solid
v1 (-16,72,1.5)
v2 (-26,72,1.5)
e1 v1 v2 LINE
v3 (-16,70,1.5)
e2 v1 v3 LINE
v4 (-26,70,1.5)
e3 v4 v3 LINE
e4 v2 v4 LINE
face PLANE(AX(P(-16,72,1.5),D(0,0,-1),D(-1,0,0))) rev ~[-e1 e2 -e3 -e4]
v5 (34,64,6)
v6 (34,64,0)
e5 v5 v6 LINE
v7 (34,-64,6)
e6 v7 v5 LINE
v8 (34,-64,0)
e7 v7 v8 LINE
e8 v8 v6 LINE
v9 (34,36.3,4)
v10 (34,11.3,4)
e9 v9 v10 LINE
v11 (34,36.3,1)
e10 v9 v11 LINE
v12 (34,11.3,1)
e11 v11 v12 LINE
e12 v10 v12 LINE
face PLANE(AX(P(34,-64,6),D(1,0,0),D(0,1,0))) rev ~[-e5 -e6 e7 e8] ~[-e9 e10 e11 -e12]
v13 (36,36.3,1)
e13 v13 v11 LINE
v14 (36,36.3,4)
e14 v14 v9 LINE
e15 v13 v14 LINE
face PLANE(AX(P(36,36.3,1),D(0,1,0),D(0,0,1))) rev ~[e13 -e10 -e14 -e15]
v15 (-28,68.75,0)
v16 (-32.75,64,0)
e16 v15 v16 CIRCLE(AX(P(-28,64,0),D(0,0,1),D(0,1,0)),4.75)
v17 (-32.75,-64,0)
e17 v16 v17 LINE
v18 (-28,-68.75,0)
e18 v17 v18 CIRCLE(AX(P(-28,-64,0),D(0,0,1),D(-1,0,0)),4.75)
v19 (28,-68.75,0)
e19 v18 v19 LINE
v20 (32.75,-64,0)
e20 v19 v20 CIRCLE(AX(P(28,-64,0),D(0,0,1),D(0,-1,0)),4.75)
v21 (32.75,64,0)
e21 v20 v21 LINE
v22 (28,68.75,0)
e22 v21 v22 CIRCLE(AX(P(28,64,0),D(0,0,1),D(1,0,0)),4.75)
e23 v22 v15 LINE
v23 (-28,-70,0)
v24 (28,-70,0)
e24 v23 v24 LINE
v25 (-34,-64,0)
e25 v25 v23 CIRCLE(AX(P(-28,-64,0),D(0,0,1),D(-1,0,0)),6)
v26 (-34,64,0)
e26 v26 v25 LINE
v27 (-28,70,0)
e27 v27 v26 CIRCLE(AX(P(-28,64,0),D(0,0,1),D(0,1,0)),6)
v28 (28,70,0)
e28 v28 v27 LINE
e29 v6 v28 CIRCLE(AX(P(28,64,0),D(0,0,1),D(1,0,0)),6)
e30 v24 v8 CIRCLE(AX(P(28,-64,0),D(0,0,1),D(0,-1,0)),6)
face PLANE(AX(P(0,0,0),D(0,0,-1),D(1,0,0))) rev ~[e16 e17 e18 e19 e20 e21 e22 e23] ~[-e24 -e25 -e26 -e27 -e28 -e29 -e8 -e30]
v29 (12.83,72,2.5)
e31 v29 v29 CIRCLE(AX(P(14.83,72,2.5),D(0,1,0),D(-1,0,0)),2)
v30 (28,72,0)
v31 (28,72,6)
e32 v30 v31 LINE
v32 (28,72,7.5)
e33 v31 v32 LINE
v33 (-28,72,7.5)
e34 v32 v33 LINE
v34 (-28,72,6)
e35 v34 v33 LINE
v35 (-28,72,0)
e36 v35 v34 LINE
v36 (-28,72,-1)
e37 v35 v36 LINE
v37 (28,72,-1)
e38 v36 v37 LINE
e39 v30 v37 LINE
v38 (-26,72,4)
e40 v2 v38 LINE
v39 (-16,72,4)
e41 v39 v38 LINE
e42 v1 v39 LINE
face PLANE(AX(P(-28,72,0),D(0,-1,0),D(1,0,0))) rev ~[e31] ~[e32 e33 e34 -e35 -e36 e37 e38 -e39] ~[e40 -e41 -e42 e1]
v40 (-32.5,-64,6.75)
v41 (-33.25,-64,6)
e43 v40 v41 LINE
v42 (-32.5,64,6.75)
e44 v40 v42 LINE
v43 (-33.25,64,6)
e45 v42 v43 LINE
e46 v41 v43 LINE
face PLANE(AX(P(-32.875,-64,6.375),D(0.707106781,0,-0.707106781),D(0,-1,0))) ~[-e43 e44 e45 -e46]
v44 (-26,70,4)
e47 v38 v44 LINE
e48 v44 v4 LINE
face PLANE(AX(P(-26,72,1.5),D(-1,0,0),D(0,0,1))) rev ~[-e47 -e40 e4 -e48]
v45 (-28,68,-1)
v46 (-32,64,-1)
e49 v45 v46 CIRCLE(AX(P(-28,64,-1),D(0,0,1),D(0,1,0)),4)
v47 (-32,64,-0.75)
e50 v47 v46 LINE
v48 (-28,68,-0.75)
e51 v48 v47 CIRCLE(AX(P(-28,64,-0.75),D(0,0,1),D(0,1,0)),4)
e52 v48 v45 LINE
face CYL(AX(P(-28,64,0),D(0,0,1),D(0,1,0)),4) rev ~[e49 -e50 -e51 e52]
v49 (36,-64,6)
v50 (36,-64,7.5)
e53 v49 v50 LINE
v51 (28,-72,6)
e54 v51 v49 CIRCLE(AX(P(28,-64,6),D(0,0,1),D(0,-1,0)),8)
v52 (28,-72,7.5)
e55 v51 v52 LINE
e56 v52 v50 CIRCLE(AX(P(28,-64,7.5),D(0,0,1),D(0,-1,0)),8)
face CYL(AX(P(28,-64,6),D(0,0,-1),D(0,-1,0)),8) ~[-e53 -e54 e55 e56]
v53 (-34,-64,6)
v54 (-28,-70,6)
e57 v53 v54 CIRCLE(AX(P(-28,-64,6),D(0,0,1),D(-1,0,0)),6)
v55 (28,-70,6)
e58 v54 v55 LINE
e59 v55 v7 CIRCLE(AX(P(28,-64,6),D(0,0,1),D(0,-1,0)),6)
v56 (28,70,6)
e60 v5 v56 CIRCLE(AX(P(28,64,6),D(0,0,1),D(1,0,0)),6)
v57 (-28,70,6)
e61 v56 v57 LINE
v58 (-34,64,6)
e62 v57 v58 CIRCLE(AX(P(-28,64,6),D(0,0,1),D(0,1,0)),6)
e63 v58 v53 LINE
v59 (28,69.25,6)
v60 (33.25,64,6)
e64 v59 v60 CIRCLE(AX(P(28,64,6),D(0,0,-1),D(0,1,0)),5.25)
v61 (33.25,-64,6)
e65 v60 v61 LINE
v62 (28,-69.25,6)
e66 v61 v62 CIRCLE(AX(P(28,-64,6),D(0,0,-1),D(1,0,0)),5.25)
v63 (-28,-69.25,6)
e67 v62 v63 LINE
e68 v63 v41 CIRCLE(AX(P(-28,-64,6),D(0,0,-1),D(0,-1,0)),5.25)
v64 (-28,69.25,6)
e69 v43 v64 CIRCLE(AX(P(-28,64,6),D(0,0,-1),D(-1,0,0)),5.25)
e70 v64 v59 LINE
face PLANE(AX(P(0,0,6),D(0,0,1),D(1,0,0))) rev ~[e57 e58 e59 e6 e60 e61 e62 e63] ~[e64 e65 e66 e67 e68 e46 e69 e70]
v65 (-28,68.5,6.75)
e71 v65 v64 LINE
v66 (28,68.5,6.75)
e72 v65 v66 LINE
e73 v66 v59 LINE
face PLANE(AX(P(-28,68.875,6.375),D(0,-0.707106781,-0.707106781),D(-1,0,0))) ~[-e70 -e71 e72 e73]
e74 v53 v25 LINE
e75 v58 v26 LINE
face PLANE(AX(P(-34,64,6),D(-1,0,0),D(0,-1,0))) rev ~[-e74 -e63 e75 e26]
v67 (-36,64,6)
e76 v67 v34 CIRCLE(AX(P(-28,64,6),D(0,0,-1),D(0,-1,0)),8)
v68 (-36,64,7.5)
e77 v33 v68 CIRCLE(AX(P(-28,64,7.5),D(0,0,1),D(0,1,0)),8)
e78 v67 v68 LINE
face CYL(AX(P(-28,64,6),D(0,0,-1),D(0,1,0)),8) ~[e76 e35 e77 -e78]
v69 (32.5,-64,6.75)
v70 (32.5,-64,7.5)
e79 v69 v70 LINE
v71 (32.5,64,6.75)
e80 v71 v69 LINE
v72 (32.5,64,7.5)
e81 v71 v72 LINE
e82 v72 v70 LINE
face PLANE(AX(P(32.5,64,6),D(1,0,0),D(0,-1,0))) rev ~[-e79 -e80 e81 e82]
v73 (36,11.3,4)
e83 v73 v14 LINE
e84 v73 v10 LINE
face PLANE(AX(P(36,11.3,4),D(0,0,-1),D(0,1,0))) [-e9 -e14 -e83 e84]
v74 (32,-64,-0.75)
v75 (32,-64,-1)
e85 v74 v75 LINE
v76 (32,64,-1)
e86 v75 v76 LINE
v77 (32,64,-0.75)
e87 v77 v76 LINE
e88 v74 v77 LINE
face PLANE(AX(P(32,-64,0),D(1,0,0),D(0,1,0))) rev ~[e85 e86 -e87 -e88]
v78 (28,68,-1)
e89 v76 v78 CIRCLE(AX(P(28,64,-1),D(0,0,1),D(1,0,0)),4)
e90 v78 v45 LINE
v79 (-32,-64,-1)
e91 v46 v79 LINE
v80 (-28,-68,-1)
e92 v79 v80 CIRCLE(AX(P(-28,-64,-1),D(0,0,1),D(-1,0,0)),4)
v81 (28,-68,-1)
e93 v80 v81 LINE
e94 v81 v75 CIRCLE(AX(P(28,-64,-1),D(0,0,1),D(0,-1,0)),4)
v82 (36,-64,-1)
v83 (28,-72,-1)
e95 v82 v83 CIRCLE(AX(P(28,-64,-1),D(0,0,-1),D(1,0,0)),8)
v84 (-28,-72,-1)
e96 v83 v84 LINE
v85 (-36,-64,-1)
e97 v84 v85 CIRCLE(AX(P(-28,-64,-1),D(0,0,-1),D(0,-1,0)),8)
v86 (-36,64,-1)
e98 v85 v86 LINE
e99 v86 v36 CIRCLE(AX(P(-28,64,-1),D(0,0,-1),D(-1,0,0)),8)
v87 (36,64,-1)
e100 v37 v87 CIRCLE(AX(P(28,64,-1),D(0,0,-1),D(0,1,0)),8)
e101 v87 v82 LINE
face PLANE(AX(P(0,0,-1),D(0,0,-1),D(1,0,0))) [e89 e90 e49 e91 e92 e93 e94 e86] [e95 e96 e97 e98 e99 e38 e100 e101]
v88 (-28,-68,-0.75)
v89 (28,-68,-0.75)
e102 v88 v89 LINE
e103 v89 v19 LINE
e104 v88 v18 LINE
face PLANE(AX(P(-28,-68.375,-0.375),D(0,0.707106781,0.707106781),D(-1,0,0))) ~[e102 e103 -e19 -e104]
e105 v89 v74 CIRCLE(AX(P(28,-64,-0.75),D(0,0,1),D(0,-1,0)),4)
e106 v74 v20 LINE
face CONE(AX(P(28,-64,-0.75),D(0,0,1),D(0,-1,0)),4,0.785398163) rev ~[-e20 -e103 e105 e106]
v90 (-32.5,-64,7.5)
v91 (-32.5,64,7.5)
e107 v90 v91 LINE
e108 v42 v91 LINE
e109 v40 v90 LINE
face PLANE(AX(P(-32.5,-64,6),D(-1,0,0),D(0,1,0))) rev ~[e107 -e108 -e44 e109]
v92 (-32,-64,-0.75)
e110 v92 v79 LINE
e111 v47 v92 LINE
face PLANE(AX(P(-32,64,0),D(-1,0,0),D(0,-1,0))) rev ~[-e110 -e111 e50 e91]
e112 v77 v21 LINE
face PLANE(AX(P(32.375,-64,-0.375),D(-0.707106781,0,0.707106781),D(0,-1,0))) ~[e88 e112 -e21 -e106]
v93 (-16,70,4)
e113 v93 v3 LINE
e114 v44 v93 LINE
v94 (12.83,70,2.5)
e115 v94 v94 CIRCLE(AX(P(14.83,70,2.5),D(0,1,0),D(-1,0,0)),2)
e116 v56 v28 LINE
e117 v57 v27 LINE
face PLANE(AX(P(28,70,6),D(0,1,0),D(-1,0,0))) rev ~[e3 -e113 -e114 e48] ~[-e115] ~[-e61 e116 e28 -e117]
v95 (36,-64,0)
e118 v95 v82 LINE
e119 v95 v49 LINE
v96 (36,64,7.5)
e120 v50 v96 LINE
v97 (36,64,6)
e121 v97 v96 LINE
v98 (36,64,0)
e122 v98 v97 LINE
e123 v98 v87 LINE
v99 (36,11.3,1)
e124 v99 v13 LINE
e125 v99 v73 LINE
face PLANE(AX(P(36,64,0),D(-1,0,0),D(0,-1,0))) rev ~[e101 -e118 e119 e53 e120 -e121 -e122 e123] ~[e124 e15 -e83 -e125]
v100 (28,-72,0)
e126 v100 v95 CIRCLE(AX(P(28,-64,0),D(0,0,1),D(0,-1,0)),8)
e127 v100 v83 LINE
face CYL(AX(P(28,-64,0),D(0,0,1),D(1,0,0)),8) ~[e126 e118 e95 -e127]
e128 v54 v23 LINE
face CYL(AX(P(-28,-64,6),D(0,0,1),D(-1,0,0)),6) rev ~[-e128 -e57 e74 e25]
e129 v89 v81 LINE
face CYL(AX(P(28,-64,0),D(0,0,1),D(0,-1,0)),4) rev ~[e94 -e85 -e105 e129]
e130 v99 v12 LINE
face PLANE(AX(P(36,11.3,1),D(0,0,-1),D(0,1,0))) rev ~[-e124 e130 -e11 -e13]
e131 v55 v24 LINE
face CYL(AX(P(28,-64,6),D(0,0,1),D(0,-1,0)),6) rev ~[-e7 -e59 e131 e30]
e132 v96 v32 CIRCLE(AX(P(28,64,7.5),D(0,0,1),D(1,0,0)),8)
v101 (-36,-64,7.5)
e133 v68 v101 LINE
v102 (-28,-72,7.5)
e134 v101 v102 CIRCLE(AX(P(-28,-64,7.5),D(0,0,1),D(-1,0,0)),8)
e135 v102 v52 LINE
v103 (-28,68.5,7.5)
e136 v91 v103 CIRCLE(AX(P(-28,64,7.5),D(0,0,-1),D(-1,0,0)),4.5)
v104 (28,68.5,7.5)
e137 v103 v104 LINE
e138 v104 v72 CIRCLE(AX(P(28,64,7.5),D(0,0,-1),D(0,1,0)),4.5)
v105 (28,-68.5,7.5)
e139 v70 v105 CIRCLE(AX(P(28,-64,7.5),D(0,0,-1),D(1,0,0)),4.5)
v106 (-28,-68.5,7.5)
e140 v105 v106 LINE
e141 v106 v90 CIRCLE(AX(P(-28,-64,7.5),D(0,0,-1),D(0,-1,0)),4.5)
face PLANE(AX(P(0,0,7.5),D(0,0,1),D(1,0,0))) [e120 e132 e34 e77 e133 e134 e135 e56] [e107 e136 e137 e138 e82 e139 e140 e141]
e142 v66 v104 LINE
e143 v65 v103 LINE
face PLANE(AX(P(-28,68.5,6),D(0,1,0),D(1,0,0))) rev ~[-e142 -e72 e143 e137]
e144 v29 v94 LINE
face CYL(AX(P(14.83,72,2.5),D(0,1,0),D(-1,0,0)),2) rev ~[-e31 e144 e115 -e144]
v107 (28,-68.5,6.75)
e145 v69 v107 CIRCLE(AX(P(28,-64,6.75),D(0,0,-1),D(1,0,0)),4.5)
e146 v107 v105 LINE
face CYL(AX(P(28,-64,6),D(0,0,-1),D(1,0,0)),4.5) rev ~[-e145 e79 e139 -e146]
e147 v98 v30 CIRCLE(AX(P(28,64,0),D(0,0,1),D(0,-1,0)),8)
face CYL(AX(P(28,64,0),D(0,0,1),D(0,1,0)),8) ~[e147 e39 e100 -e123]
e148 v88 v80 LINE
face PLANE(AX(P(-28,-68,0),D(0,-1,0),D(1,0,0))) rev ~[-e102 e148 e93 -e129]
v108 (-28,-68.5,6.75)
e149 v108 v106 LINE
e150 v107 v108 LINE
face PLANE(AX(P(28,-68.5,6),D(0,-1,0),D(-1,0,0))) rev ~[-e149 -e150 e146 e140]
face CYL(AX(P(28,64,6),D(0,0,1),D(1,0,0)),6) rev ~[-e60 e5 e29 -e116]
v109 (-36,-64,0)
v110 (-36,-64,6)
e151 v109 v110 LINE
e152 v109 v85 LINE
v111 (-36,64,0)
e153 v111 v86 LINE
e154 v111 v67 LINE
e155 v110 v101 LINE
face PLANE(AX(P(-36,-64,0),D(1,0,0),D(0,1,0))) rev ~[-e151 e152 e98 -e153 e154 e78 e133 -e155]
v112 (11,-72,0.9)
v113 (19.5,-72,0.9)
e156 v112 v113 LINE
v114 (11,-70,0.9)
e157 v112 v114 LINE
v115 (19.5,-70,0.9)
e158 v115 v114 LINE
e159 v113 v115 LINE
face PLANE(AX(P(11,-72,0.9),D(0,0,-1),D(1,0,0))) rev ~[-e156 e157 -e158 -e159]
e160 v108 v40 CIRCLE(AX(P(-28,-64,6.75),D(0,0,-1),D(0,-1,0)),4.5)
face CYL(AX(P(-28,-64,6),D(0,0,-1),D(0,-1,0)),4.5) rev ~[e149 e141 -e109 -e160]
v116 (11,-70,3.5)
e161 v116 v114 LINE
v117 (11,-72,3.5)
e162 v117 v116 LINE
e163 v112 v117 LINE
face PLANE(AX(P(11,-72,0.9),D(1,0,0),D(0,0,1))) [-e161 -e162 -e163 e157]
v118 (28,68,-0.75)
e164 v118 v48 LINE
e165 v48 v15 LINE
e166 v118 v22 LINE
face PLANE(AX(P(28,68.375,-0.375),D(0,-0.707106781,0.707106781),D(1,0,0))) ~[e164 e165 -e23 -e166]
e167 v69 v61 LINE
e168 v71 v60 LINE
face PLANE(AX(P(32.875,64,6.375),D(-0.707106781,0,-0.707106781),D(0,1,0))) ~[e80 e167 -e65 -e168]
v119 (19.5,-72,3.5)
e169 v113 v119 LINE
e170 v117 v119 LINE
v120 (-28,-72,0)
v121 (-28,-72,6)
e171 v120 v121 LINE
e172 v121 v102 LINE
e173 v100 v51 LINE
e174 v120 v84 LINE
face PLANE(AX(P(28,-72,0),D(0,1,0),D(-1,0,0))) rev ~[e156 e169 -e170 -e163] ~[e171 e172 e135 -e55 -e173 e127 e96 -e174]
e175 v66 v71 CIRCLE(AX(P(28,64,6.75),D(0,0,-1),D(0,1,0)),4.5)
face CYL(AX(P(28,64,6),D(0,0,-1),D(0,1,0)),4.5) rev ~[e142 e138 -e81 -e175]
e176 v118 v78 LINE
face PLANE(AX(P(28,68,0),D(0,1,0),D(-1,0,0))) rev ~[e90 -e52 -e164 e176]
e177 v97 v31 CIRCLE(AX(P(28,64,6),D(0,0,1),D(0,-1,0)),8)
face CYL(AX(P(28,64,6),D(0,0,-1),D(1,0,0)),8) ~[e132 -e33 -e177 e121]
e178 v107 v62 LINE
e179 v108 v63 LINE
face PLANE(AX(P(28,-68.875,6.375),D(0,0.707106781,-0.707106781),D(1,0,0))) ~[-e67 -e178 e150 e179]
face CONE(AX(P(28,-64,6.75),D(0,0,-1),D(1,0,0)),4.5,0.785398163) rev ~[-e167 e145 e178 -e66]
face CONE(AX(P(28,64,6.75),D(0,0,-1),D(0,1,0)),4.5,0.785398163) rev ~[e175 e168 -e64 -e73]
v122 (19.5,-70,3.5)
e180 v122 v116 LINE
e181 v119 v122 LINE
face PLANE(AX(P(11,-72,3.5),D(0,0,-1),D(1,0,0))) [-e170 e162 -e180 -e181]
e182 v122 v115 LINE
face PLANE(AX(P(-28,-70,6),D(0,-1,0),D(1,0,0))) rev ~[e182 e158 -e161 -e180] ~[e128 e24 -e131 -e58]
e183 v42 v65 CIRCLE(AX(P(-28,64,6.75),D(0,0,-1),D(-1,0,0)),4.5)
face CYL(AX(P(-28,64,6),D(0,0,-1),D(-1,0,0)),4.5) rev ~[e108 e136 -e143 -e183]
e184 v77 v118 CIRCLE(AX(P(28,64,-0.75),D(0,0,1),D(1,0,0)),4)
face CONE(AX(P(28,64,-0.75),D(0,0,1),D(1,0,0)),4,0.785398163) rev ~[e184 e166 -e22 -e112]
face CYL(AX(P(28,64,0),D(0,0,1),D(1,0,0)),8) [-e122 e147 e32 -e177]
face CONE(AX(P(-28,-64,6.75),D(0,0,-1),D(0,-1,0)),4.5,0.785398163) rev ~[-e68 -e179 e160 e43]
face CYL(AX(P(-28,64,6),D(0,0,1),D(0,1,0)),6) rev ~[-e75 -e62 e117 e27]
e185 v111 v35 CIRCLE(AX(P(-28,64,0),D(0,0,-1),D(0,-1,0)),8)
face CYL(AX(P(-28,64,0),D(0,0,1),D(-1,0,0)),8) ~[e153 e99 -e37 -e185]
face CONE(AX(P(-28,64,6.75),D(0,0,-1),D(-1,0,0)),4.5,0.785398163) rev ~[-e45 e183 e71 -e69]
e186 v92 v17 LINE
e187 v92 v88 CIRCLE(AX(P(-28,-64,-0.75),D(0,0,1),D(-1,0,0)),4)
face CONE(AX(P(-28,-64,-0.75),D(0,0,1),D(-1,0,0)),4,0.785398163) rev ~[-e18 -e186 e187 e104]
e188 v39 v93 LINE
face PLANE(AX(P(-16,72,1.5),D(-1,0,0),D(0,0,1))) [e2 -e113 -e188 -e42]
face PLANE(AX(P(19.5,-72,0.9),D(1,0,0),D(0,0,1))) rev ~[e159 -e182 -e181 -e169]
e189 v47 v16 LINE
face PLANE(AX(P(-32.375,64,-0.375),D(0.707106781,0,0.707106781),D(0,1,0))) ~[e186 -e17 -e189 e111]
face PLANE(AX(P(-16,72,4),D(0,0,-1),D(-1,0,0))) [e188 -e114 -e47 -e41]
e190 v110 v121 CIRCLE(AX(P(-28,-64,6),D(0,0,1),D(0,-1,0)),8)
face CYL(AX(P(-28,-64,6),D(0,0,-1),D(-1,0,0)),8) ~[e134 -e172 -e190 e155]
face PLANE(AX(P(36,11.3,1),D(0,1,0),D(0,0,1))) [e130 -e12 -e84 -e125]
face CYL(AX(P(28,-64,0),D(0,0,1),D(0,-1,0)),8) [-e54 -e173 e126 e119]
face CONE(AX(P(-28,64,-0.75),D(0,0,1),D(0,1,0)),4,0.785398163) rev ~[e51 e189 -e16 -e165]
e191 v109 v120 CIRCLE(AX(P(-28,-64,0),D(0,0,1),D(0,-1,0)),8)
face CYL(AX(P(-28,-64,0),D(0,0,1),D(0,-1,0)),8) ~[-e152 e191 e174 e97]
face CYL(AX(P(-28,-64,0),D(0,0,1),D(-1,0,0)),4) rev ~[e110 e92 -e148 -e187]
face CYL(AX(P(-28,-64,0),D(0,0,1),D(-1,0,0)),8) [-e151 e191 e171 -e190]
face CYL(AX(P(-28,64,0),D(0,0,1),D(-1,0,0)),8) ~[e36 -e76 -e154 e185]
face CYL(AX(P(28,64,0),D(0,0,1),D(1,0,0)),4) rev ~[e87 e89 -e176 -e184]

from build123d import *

# Parameters (mm, degrees)
F0_W      = 72
F0_H      = 144
F1_DEPTH  = 6
F2_R      = 8
F3_R      = 5.8
F3_R_2    = 2
F4_DEPTH  = 25
F5_W      = 25
F5_H      = 3
F6_DEPTH  = 25
F7_W      = 8.5
F7_H      = 2.6
F8_DEPTH  = 25
F9_R      = 2
F9_W      = 10
F9_H      = 2.5
F10_DEPTH = 25
F12_DEPTH = 25
F14_DEPTH = 1.5
F16_DEPTH = 1
F17_SIZE  = 0.75


with BuildPart() as f1:
    # F0 (on Top) → F1 (new body)
    with BuildSketch(Plane.XY):
        Rectangle(F0_W, F0_H)
    extrude(amount=F1_DEPTH)

    # F2
    f2_edges = [f1.edges().sort_by_distance(p)[0] for p in [
        (-36, 72, 3),
        (36, 72, 3),
        (36, -72, 3),
        (-36, -72, 3),
    ]]
    fillet(f2_edges, radius=F2_R)

    # F3 (on Top) → F4 (cut)
    with BuildSketch(Plane.XY):
        with Locations((0, 47)):
            Circle(F3_R)
        with Locations((9.6, 47)):
            Circle(F3_R_2)
    extrude(amount=-F4_DEPTH, mode=Mode.SUBTRACT)

    # F5 (on face) → F6 (cut)
    with BuildSketch(Plane.YZ.offset(36)):
        with Locations((23.8, 2.5)):
            Rectangle(F5_W, F5_H)
    extrude(amount=-F6_DEPTH, mode=Mode.SUBTRACT)

    # F7 (on face) → F8 (cut)
    with BuildSketch(Plane.XZ.offset(72)):
        with Locations((15.25, 2.2)):
            Rectangle(F7_W, F7_H)
    extrude(amount=-F8_DEPTH, mode=Mode.SUBTRACT)

    # F9 (on face) → F10 (cut)
    with BuildSketch(Plane(origin=(0, 72, 0), x_dir=(-1, 0, 0), z_dir=(0, 1, 0))):
        with Locations((-14.83, 2.5)):
            Circle(F9_R)
        with Locations((21, 2.75)):
            Rectangle(F9_W, F9_H)
    extrude(amount=-F10_DEPTH, mode=Mode.SUBTRACT)

    # F11 (on face) → F12 (cut)
    with BuildSketch(Plane.XY.offset(6)):
        with BuildLine():
            Line((28, 70), (-28, 70))
            ThreePointArc((-28, 70), (-32.2426406871, 68.2426406871), (-34, 64))
            Line((-34, 64), (-34, -64))
            ThreePointArc((-34, -64), (-32.2426406871, -68.2426406871), (-28, -70))
            Line((-28, -70), (28, -70))
            ThreePointArc((28, -70), (32.2426406871, -68.2426406871), (34, -64))
            Line((34, -64), (34, 64))
            ThreePointArc((34, 64), (32.2426406871, 68.2426406871), (28, 70))
        make_face()
    extrude(amount=-F12_DEPTH, mode=Mode.SUBTRACT)

    # F13 (on face) → F14 (join)
    with BuildSketch(Plane.XY.offset(6)):
        with BuildLine():
            Line((28, 72), (-28, 72))
            ThreePointArc((-28, 72), (-33.6568542495, 69.6568542495), (-36, 64))
            Line((-36, 64), (-36, -64))
            ThreePointArc((-36, -64), (-33.6568542495, -69.6568542495), (-28, -72))
            Line((-28, -72), (28, -72))
            ThreePointArc((28, -72), (33.6568542495, -69.6568542495), (36, -64))
            Line((36, -64), (36, 64))
            ThreePointArc((36, 64), (33.6568542495, 69.6568542495), (28, 72))
        make_face()
        with BuildLine():
            ThreePointArc((-28, -68.5), (-31.1819805153, -67.1819805153), (-32.5, -64))
            Line((-32.5, -64), (-32.5, 64))
            ThreePointArc((-32.5, 64), (-31.1819805153, 67.1819805153), (-28, 68.5))
            Line((-28, 68.5), (28, 68.5))
            ThreePointArc((28, 68.5), (31.1819805153, 67.1819805153), (32.5, 64))
            Line((32.5, 64), (32.5, -64))
            ThreePointArc((32.5, -64), (31.1819805153, -67.1819805153), (28, -68.5))
            Line((28, -68.5), (-28, -68.5))
        make_face(mode=Mode.SUBTRACT)
    extrude(amount=F14_DEPTH)

    # F15 (on face) → F16 (join)
    with BuildSketch(Plane(origin=(0, 0, 0), x_dir=(1, 0, 0), z_dir=(0, 0, -1))):
        with BuildLine():
            Line((-28, -72), (28, -72))
            ThreePointArc((28, -72), (33.6568542495, -69.6568542495), (36, -64))
            Line((36, -64), (36, 64))
            ThreePointArc((36, 64), (33.6568542495, 69.6568542495), (28, 72))
            Line((28, 72), (-28, 72))
            ThreePointArc((-28, 72), (-33.6568542495, 69.6568542495), (-36, 64))
            Line((-36, 64), (-36, -64))
            ThreePointArc((-36, -64), (-33.6568542495, -69.6568542495), (-28, -72))
        make_face()
        with BuildLine():
            ThreePointArc((28, 70), (32.2426406871, 68.2426406871), (34, 64))
            Line((34, 64), (34, -64))
            ThreePointArc((34, -64), (32.2426406871, -68.2426406871), (28, -70))
            Line((28, -70), (-28, -70))
            ThreePointArc((-28, -70), (-32.2426406871, -68.2426406871), (-34, -64))
            Line((-34, -64), (-34, 64))
            ThreePointArc((-34, 64), (-32.2426406871, 68.2426406871), (-28, 70))
            Line((-28, 70), (28, 70))
        make_face(mode=Mode.SUBTRACT)
        with BuildLine():
            Line((34, -64), (34, 64))
            ThreePointArc((34, 64), (32.2426406871, 68.2426406871), (28, 70))
            Line((28, 70), (-28, 70))
            ThreePointArc((-28, 70), (-32.2426406871, 68.2426406871), (-34, 64))
            Line((-34, 64), (-34, -64))
            ThreePointArc((-34, -64), (-32.2426406871, -68.2426406871), (-28, -70))
            Line((-28, -70), (28, -70))
            ThreePointArc((28, -70), (32.2426406871, -68.2426406871), (34, -64))
        make_face()
        with BuildLine():
            ThreePointArc((-32, 64), (-30.8284271247, 66.8284271247), (-28, 68))
            Line((-28, 68), (28, 68))
            ThreePointArc((28, 68), (30.8284271247, 66.8284271247), (32, 64))
            Line((32, 64), (32, -64))
            ThreePointArc((32, -64), (30.8284271247, -66.8284271247), (28, -68))
            Line((28, -68), (-28, -68))
            ThreePointArc((-28, -68), (-30.8284271247, -66.8284271247), (-32, -64))
            Line((-32, -64), (-32, 64))
        make_face(mode=Mode.SUBTRACT)
    extrude(amount=F16_DEPTH)

    # F17
    f17_edges = [f1.edges().sort_by_distance(p)[0] for p in [
        (30.828427, -66.828427, 0),
        (31.181981, -67.181981, 6),
    ]]
    chamfer(f17_edges, length=F17_SIZE)


solid = f1.part
